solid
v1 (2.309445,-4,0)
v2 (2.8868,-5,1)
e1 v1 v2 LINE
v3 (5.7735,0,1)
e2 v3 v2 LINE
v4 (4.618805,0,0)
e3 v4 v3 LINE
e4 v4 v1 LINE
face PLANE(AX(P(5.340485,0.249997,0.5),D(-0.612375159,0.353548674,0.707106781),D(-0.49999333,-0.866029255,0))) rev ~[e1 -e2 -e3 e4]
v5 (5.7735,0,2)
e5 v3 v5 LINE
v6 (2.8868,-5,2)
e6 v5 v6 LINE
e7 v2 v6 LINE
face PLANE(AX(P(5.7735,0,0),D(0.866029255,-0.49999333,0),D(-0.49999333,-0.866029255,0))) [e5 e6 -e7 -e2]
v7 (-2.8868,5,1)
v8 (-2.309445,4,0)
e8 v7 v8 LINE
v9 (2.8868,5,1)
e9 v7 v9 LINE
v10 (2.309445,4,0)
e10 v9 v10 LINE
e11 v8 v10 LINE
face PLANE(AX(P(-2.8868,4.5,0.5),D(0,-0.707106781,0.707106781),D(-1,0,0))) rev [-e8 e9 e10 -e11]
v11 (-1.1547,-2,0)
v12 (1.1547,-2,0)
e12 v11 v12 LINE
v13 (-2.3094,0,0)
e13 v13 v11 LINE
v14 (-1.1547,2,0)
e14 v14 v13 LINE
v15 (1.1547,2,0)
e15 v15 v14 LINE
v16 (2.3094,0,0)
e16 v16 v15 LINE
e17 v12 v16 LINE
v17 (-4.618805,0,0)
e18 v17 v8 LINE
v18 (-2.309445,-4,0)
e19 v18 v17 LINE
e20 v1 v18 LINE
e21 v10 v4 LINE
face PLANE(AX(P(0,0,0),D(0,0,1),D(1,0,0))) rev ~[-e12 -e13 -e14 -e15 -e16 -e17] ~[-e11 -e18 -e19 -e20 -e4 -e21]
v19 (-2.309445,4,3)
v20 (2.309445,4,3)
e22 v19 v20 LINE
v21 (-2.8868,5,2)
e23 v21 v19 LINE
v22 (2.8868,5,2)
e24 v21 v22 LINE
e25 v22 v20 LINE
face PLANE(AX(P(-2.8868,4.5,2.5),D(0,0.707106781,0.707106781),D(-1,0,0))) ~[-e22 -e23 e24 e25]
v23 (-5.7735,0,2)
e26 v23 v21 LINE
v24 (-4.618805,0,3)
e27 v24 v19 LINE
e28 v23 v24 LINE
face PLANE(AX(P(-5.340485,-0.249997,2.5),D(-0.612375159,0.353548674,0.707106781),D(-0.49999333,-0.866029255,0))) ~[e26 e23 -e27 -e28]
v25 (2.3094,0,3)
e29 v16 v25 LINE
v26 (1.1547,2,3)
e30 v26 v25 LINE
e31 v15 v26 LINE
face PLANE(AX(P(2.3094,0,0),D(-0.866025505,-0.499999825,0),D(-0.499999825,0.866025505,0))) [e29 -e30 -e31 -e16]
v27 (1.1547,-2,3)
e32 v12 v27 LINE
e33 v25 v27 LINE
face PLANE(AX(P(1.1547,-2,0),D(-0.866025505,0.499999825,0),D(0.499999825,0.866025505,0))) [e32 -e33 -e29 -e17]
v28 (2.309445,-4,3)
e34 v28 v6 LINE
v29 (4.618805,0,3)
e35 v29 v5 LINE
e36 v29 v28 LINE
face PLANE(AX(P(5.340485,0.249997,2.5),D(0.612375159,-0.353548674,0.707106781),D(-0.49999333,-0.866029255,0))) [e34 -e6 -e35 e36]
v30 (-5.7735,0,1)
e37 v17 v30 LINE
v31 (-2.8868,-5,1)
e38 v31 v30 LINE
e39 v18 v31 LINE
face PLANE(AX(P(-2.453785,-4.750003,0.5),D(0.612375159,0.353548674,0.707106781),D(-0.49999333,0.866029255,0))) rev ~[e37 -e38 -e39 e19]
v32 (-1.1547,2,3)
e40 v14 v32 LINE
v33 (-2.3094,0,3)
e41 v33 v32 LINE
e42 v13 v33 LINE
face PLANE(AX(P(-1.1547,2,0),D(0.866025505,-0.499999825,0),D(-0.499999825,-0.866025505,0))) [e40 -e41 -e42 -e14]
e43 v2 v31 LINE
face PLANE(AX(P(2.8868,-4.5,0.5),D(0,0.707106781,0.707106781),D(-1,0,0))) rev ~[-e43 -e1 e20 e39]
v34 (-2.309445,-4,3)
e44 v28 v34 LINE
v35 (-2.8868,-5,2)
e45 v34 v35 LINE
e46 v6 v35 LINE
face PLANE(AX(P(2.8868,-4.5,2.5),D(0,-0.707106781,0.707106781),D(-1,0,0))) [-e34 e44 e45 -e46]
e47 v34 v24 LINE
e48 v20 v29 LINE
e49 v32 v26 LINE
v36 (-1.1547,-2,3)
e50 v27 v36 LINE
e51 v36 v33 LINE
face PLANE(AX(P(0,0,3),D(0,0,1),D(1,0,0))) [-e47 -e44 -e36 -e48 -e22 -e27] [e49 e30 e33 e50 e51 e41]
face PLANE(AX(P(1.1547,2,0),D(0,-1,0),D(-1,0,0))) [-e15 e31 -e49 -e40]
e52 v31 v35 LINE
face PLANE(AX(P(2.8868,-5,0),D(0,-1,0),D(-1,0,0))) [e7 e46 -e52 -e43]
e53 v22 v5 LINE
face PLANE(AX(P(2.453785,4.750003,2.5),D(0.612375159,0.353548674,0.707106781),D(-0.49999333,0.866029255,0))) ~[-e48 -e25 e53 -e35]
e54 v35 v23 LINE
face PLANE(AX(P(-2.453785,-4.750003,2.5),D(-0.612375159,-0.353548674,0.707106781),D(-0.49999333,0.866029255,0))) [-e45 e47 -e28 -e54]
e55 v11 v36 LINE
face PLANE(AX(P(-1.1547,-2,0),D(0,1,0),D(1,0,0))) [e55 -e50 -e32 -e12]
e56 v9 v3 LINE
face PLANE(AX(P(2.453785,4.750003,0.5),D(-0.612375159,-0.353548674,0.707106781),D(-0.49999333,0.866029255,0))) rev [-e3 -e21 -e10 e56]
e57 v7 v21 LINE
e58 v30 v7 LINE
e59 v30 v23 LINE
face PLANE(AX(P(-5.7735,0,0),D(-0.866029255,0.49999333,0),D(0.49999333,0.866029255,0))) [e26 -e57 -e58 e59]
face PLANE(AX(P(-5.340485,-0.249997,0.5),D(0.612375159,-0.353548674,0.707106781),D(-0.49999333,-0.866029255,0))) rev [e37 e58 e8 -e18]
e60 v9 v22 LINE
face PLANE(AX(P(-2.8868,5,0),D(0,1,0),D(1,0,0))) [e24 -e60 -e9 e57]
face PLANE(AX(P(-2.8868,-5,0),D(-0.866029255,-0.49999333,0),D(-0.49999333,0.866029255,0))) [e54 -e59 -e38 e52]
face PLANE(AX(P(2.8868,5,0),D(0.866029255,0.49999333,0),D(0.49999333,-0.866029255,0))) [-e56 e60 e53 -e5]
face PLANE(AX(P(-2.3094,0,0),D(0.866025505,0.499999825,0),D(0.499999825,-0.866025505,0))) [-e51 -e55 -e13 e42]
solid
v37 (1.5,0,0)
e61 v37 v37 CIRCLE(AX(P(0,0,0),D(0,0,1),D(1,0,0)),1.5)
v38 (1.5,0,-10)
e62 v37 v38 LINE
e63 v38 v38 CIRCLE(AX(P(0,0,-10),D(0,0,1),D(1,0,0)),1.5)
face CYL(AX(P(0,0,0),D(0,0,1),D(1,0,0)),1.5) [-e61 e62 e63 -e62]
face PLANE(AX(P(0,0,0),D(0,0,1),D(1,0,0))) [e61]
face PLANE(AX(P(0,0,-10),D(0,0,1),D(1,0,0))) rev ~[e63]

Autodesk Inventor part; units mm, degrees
ref_plane "YZ Plane" through (0, 0, 0) normal (1, 0, 0) x (0, 1, 0)
ref_plane "XZ Plane" through (0, 0, 0) normal (0, 1, 0) x (-1, 0, 0)
ref_plane "XY Plane" through (0, 0, 0) normal (0, 0, 1) x (1, 0, 0)
sketch "Sketch1" plane through (0, 0, 0) normal (0, 0, 1) x (1, 0, 0)
  line L0 (-2.8868, 5) -> (2.8868, 5)
  line L1 (2.8868, 5) -> (5.7735, 0)
  line L2 (5.7735, 0) -> (2.8868, -5)
  line L3 (2.8868, -5) -> (-2.8868, -5)
  line L4 (-2.8868, -5) -> (-5.7735, 0)
  line L5 (-5.7735, 0) -> (-2.8868, 5)
  circle A0 centre (0, 0) radius 1.5
  line L6 (1.1547, -2) -> (2.3094, 0)
  line L7 (2.3094, 0) -> (1.1547, 2)
  line L8 (1.1547, 2) -> (-1.1547, 2)
  line L9 (-1.1547, 2) -> (-2.3094, 0)
  line L10 (-2.3094, 0) -> (-1.1547, -2)
  line L11 (-1.1547, -2) -> (1.1547, -2)
  dimension "d0" = 3
  dimension "d1" = 10
  dimension "d2" = 5
  dimension "d12" = 3
extrude "Extrusion1" add sketch "Sketch1" along normal blind 3 contours L0 L1 L2 L3 L4 L5 | A0 | L11 L10 L9 L8 L7 L6
extrude "Extrusion2" add sketch "Sketch1" against normal blind 10 contours A0
thread "Thread1" size "M3x0.5" class "6g" standard "ANSI Metric M Profile" full length
chamfer "Chamfer1" distance 1 angle 45 12 edges at (4.3301, -2.5, 0) (4.3301, 2.5, 0) (0, -5, 0) (-4.3301, -2.5, 0) (-4.3301, 2.5, 0) (0, 5, 0) (0, 5, 3) (-4.3301, 2.5, 3) (-4.3301, -2.5, 3) (0, -5, 3) (4.3301, -2.5, 3) (4.3301, 2.5, 3)
extrude "Extrusion3" cut sketch "Sketch1" along normal blind 10 contours A0 | L11 L10 L9 L8 L7 L6
properties part number "Parafuso"
